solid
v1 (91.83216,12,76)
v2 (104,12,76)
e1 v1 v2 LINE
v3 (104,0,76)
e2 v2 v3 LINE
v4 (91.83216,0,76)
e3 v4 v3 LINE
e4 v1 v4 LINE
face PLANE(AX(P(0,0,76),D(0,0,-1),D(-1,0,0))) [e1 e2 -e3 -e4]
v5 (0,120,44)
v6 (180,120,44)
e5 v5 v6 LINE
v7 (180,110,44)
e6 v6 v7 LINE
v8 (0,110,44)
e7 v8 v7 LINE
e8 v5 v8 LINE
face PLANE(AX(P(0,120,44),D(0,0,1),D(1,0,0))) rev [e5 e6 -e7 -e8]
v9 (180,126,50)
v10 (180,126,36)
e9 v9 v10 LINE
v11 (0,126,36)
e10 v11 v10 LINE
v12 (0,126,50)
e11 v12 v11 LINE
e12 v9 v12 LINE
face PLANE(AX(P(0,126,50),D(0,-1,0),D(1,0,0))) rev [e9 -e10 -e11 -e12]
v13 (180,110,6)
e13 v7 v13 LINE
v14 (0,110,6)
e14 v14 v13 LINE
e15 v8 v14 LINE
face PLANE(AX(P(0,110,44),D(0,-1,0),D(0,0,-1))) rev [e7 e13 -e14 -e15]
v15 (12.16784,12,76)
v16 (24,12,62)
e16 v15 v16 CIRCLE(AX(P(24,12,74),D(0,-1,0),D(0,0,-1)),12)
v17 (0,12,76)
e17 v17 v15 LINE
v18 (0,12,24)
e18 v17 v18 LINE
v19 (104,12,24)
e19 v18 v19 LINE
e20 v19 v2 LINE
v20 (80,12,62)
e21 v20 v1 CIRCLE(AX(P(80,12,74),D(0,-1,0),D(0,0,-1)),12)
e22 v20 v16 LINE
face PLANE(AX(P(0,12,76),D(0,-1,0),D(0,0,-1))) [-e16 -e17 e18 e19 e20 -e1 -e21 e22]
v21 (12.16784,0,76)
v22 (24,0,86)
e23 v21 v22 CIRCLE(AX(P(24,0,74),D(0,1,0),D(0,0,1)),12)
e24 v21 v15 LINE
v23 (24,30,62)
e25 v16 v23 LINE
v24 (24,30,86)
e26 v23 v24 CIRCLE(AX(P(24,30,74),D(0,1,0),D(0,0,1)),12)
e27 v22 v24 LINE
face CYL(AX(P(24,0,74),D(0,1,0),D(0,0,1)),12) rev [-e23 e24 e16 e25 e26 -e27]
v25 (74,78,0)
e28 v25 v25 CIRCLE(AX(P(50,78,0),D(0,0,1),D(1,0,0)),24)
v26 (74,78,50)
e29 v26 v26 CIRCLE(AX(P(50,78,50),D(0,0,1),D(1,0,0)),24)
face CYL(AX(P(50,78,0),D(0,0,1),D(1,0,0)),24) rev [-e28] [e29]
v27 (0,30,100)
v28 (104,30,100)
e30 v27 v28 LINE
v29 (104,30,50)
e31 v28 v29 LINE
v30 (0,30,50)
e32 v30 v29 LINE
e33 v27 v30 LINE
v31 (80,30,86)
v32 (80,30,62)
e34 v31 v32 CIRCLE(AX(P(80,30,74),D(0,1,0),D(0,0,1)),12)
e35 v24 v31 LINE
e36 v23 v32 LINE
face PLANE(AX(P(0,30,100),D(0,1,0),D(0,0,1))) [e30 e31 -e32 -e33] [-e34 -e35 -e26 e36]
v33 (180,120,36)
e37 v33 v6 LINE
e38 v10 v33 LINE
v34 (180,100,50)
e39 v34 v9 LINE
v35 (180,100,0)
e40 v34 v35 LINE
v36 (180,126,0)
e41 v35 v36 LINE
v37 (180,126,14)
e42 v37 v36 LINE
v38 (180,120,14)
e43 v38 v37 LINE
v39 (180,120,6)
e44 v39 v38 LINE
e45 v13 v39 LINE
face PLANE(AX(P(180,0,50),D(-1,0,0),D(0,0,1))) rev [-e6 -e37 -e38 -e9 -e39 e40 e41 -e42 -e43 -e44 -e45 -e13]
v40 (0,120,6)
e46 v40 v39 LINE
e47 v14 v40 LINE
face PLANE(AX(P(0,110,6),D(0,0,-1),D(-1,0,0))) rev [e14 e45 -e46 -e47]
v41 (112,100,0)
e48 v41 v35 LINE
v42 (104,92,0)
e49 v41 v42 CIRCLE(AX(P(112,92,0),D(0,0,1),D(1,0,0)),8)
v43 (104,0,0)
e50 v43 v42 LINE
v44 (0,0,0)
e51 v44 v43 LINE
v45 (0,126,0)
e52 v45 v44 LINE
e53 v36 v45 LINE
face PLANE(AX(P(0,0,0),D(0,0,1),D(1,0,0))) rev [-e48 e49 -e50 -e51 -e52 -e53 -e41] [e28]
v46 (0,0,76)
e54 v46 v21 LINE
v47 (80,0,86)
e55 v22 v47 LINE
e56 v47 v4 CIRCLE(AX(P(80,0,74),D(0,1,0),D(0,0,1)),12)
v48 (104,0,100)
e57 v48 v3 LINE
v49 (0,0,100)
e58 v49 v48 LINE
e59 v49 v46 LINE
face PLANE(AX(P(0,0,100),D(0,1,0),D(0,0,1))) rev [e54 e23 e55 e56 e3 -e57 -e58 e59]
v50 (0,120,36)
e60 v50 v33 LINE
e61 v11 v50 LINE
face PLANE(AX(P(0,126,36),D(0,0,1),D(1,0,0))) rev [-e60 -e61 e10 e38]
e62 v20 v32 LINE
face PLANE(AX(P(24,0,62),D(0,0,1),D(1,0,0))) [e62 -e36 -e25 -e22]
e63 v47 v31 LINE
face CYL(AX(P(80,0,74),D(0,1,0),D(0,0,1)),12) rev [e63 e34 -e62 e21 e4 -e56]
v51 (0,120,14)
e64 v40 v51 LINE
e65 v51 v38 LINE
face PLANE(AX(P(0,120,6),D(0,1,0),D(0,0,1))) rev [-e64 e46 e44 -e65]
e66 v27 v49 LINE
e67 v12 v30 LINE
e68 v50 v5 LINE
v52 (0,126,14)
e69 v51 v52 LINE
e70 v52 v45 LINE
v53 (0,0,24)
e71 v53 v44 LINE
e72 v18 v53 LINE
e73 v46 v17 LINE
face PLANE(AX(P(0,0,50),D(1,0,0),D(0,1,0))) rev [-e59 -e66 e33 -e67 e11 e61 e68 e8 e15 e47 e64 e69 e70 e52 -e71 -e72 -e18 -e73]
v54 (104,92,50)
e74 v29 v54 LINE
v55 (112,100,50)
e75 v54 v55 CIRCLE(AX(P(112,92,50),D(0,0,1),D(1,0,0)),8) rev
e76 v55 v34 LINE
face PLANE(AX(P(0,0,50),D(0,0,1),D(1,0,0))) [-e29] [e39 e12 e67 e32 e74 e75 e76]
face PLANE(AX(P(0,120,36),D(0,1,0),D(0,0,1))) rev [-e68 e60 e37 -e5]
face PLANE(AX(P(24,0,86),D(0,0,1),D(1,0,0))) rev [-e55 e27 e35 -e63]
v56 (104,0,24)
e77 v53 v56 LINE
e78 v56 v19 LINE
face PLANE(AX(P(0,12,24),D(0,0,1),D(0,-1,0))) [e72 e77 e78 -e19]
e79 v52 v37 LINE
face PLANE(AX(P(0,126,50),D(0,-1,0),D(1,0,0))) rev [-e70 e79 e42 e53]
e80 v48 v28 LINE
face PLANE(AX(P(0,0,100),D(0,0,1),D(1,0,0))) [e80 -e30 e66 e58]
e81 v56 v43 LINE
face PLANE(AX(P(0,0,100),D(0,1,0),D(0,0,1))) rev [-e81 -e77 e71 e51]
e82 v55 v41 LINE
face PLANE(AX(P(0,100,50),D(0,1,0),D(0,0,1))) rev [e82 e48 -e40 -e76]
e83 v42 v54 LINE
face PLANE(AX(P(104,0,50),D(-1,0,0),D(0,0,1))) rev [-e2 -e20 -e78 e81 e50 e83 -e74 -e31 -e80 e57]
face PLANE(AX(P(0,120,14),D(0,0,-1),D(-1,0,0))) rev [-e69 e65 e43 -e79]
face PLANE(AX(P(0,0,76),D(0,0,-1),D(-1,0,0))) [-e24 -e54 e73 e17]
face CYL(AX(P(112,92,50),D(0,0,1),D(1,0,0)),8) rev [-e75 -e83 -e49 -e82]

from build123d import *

# Parameters (mm, degrees)
BOSS_EXTRUDE3_DEPTH = 50
SKETCH1_5_W         = 104
SKETCH1_5_H         = 30
BOSS_EXTRUDE4_DEPTH = 100
SKETCH4_W           = 52
SKETCH4_H           = 12
CUT_EXTRUDE1_DEPTH  = 242.404225315
CUT_EXTRUDE2_DEPTH  = 242.404225315
CUT_EXTRUDE3_DEPTH  = 228.191549139
SKETCH7_R           = 24
CUT_EXTRUDE4_DEPTH  = 226.335305711
FILLET3_R           = 8


with BuildPart() as part:
    # Sketch1 → Boss-Extrude3 (new body)
    with BuildSketch(Plane.XY):
        Polygon((0, 126), (0, 30), (104, 30), (104, 100), (180, 100), (180, 126), align=None)
    extrude(amount=BOSS_EXTRUDE3_DEPTH)

    # Sketch1<5> → Boss-Extrude4 (add)
    with BuildSketch(Plane.XY):
        with Locations((52, 15)):
            Rectangle(SKETCH1_5_W, SKETCH1_5_H)
    extrude(amount=BOSS_EXTRUDE4_DEPTH)

    # Sketch4 → Cut-Extrude1 (cut, through all)
    with BuildSketch(Plane(origin=(180, 0, 0), x_dir=(0, 0, -1), z_dir=(1, 0, 0))):
        with Locations((-50, 6)):
            Rectangle(SKETCH4_W, SKETCH4_H)
    extrude(amount=-CUT_EXTRUDE1_DEPTH, mode=Mode.SUBTRACT)

    # Sketch4<5> → Cut-Extrude2 (cut, through all)
    with BuildSketch(Plane(origin=(180, 0, 0), x_dir=(0, 0, -1), z_dir=(1, 0, 0))):
        Polygon((-36, 126), (-36, 120), (-44, 120), (-44, 110), (-6, 110), (-6, 120), (-14, 120), (-14, 126), align=None)
    extrude(amount=-CUT_EXTRUDE2_DEPTH, mode=Mode.SUBTRACT)

    # Sketch5 → Cut-Extrude3 (cut, through all)
    with BuildSketch(Plane(origin=(0, 30, 0), x_dir=(1, 0, 0), z_dir=(0, 1, 0))):
        with BuildLine():
            Line((24, -62), (80, -62))
            ThreePointArc((80, -62), (92, -74), (80, -86))
            Line((80, -86), (24, -86))
            ThreePointArc((24, -86), (12, -74), (24, -62))
        make_face()
    extrude(amount=-CUT_EXTRUDE3_DEPTH, mode=Mode.SUBTRACT)

    # Sketch7 → Cut-Extrude4 (cut, through all)
    with BuildSketch(Plane.XY.offset(50)):
        with Locations((50, 78)):
            Circle(SKETCH7_R)
    extrude(amount=-CUT_EXTRUDE4_DEPTH, mode=Mode.SUBTRACT)

    # Fillet3
    fillet3_edges = [part.edges().sort_by_distance(p)[0] for p in [
        (104, 100, 25),
    ]]
    fillet(fillet3_edges, radius=FILLET3_R)


solid = part.part
